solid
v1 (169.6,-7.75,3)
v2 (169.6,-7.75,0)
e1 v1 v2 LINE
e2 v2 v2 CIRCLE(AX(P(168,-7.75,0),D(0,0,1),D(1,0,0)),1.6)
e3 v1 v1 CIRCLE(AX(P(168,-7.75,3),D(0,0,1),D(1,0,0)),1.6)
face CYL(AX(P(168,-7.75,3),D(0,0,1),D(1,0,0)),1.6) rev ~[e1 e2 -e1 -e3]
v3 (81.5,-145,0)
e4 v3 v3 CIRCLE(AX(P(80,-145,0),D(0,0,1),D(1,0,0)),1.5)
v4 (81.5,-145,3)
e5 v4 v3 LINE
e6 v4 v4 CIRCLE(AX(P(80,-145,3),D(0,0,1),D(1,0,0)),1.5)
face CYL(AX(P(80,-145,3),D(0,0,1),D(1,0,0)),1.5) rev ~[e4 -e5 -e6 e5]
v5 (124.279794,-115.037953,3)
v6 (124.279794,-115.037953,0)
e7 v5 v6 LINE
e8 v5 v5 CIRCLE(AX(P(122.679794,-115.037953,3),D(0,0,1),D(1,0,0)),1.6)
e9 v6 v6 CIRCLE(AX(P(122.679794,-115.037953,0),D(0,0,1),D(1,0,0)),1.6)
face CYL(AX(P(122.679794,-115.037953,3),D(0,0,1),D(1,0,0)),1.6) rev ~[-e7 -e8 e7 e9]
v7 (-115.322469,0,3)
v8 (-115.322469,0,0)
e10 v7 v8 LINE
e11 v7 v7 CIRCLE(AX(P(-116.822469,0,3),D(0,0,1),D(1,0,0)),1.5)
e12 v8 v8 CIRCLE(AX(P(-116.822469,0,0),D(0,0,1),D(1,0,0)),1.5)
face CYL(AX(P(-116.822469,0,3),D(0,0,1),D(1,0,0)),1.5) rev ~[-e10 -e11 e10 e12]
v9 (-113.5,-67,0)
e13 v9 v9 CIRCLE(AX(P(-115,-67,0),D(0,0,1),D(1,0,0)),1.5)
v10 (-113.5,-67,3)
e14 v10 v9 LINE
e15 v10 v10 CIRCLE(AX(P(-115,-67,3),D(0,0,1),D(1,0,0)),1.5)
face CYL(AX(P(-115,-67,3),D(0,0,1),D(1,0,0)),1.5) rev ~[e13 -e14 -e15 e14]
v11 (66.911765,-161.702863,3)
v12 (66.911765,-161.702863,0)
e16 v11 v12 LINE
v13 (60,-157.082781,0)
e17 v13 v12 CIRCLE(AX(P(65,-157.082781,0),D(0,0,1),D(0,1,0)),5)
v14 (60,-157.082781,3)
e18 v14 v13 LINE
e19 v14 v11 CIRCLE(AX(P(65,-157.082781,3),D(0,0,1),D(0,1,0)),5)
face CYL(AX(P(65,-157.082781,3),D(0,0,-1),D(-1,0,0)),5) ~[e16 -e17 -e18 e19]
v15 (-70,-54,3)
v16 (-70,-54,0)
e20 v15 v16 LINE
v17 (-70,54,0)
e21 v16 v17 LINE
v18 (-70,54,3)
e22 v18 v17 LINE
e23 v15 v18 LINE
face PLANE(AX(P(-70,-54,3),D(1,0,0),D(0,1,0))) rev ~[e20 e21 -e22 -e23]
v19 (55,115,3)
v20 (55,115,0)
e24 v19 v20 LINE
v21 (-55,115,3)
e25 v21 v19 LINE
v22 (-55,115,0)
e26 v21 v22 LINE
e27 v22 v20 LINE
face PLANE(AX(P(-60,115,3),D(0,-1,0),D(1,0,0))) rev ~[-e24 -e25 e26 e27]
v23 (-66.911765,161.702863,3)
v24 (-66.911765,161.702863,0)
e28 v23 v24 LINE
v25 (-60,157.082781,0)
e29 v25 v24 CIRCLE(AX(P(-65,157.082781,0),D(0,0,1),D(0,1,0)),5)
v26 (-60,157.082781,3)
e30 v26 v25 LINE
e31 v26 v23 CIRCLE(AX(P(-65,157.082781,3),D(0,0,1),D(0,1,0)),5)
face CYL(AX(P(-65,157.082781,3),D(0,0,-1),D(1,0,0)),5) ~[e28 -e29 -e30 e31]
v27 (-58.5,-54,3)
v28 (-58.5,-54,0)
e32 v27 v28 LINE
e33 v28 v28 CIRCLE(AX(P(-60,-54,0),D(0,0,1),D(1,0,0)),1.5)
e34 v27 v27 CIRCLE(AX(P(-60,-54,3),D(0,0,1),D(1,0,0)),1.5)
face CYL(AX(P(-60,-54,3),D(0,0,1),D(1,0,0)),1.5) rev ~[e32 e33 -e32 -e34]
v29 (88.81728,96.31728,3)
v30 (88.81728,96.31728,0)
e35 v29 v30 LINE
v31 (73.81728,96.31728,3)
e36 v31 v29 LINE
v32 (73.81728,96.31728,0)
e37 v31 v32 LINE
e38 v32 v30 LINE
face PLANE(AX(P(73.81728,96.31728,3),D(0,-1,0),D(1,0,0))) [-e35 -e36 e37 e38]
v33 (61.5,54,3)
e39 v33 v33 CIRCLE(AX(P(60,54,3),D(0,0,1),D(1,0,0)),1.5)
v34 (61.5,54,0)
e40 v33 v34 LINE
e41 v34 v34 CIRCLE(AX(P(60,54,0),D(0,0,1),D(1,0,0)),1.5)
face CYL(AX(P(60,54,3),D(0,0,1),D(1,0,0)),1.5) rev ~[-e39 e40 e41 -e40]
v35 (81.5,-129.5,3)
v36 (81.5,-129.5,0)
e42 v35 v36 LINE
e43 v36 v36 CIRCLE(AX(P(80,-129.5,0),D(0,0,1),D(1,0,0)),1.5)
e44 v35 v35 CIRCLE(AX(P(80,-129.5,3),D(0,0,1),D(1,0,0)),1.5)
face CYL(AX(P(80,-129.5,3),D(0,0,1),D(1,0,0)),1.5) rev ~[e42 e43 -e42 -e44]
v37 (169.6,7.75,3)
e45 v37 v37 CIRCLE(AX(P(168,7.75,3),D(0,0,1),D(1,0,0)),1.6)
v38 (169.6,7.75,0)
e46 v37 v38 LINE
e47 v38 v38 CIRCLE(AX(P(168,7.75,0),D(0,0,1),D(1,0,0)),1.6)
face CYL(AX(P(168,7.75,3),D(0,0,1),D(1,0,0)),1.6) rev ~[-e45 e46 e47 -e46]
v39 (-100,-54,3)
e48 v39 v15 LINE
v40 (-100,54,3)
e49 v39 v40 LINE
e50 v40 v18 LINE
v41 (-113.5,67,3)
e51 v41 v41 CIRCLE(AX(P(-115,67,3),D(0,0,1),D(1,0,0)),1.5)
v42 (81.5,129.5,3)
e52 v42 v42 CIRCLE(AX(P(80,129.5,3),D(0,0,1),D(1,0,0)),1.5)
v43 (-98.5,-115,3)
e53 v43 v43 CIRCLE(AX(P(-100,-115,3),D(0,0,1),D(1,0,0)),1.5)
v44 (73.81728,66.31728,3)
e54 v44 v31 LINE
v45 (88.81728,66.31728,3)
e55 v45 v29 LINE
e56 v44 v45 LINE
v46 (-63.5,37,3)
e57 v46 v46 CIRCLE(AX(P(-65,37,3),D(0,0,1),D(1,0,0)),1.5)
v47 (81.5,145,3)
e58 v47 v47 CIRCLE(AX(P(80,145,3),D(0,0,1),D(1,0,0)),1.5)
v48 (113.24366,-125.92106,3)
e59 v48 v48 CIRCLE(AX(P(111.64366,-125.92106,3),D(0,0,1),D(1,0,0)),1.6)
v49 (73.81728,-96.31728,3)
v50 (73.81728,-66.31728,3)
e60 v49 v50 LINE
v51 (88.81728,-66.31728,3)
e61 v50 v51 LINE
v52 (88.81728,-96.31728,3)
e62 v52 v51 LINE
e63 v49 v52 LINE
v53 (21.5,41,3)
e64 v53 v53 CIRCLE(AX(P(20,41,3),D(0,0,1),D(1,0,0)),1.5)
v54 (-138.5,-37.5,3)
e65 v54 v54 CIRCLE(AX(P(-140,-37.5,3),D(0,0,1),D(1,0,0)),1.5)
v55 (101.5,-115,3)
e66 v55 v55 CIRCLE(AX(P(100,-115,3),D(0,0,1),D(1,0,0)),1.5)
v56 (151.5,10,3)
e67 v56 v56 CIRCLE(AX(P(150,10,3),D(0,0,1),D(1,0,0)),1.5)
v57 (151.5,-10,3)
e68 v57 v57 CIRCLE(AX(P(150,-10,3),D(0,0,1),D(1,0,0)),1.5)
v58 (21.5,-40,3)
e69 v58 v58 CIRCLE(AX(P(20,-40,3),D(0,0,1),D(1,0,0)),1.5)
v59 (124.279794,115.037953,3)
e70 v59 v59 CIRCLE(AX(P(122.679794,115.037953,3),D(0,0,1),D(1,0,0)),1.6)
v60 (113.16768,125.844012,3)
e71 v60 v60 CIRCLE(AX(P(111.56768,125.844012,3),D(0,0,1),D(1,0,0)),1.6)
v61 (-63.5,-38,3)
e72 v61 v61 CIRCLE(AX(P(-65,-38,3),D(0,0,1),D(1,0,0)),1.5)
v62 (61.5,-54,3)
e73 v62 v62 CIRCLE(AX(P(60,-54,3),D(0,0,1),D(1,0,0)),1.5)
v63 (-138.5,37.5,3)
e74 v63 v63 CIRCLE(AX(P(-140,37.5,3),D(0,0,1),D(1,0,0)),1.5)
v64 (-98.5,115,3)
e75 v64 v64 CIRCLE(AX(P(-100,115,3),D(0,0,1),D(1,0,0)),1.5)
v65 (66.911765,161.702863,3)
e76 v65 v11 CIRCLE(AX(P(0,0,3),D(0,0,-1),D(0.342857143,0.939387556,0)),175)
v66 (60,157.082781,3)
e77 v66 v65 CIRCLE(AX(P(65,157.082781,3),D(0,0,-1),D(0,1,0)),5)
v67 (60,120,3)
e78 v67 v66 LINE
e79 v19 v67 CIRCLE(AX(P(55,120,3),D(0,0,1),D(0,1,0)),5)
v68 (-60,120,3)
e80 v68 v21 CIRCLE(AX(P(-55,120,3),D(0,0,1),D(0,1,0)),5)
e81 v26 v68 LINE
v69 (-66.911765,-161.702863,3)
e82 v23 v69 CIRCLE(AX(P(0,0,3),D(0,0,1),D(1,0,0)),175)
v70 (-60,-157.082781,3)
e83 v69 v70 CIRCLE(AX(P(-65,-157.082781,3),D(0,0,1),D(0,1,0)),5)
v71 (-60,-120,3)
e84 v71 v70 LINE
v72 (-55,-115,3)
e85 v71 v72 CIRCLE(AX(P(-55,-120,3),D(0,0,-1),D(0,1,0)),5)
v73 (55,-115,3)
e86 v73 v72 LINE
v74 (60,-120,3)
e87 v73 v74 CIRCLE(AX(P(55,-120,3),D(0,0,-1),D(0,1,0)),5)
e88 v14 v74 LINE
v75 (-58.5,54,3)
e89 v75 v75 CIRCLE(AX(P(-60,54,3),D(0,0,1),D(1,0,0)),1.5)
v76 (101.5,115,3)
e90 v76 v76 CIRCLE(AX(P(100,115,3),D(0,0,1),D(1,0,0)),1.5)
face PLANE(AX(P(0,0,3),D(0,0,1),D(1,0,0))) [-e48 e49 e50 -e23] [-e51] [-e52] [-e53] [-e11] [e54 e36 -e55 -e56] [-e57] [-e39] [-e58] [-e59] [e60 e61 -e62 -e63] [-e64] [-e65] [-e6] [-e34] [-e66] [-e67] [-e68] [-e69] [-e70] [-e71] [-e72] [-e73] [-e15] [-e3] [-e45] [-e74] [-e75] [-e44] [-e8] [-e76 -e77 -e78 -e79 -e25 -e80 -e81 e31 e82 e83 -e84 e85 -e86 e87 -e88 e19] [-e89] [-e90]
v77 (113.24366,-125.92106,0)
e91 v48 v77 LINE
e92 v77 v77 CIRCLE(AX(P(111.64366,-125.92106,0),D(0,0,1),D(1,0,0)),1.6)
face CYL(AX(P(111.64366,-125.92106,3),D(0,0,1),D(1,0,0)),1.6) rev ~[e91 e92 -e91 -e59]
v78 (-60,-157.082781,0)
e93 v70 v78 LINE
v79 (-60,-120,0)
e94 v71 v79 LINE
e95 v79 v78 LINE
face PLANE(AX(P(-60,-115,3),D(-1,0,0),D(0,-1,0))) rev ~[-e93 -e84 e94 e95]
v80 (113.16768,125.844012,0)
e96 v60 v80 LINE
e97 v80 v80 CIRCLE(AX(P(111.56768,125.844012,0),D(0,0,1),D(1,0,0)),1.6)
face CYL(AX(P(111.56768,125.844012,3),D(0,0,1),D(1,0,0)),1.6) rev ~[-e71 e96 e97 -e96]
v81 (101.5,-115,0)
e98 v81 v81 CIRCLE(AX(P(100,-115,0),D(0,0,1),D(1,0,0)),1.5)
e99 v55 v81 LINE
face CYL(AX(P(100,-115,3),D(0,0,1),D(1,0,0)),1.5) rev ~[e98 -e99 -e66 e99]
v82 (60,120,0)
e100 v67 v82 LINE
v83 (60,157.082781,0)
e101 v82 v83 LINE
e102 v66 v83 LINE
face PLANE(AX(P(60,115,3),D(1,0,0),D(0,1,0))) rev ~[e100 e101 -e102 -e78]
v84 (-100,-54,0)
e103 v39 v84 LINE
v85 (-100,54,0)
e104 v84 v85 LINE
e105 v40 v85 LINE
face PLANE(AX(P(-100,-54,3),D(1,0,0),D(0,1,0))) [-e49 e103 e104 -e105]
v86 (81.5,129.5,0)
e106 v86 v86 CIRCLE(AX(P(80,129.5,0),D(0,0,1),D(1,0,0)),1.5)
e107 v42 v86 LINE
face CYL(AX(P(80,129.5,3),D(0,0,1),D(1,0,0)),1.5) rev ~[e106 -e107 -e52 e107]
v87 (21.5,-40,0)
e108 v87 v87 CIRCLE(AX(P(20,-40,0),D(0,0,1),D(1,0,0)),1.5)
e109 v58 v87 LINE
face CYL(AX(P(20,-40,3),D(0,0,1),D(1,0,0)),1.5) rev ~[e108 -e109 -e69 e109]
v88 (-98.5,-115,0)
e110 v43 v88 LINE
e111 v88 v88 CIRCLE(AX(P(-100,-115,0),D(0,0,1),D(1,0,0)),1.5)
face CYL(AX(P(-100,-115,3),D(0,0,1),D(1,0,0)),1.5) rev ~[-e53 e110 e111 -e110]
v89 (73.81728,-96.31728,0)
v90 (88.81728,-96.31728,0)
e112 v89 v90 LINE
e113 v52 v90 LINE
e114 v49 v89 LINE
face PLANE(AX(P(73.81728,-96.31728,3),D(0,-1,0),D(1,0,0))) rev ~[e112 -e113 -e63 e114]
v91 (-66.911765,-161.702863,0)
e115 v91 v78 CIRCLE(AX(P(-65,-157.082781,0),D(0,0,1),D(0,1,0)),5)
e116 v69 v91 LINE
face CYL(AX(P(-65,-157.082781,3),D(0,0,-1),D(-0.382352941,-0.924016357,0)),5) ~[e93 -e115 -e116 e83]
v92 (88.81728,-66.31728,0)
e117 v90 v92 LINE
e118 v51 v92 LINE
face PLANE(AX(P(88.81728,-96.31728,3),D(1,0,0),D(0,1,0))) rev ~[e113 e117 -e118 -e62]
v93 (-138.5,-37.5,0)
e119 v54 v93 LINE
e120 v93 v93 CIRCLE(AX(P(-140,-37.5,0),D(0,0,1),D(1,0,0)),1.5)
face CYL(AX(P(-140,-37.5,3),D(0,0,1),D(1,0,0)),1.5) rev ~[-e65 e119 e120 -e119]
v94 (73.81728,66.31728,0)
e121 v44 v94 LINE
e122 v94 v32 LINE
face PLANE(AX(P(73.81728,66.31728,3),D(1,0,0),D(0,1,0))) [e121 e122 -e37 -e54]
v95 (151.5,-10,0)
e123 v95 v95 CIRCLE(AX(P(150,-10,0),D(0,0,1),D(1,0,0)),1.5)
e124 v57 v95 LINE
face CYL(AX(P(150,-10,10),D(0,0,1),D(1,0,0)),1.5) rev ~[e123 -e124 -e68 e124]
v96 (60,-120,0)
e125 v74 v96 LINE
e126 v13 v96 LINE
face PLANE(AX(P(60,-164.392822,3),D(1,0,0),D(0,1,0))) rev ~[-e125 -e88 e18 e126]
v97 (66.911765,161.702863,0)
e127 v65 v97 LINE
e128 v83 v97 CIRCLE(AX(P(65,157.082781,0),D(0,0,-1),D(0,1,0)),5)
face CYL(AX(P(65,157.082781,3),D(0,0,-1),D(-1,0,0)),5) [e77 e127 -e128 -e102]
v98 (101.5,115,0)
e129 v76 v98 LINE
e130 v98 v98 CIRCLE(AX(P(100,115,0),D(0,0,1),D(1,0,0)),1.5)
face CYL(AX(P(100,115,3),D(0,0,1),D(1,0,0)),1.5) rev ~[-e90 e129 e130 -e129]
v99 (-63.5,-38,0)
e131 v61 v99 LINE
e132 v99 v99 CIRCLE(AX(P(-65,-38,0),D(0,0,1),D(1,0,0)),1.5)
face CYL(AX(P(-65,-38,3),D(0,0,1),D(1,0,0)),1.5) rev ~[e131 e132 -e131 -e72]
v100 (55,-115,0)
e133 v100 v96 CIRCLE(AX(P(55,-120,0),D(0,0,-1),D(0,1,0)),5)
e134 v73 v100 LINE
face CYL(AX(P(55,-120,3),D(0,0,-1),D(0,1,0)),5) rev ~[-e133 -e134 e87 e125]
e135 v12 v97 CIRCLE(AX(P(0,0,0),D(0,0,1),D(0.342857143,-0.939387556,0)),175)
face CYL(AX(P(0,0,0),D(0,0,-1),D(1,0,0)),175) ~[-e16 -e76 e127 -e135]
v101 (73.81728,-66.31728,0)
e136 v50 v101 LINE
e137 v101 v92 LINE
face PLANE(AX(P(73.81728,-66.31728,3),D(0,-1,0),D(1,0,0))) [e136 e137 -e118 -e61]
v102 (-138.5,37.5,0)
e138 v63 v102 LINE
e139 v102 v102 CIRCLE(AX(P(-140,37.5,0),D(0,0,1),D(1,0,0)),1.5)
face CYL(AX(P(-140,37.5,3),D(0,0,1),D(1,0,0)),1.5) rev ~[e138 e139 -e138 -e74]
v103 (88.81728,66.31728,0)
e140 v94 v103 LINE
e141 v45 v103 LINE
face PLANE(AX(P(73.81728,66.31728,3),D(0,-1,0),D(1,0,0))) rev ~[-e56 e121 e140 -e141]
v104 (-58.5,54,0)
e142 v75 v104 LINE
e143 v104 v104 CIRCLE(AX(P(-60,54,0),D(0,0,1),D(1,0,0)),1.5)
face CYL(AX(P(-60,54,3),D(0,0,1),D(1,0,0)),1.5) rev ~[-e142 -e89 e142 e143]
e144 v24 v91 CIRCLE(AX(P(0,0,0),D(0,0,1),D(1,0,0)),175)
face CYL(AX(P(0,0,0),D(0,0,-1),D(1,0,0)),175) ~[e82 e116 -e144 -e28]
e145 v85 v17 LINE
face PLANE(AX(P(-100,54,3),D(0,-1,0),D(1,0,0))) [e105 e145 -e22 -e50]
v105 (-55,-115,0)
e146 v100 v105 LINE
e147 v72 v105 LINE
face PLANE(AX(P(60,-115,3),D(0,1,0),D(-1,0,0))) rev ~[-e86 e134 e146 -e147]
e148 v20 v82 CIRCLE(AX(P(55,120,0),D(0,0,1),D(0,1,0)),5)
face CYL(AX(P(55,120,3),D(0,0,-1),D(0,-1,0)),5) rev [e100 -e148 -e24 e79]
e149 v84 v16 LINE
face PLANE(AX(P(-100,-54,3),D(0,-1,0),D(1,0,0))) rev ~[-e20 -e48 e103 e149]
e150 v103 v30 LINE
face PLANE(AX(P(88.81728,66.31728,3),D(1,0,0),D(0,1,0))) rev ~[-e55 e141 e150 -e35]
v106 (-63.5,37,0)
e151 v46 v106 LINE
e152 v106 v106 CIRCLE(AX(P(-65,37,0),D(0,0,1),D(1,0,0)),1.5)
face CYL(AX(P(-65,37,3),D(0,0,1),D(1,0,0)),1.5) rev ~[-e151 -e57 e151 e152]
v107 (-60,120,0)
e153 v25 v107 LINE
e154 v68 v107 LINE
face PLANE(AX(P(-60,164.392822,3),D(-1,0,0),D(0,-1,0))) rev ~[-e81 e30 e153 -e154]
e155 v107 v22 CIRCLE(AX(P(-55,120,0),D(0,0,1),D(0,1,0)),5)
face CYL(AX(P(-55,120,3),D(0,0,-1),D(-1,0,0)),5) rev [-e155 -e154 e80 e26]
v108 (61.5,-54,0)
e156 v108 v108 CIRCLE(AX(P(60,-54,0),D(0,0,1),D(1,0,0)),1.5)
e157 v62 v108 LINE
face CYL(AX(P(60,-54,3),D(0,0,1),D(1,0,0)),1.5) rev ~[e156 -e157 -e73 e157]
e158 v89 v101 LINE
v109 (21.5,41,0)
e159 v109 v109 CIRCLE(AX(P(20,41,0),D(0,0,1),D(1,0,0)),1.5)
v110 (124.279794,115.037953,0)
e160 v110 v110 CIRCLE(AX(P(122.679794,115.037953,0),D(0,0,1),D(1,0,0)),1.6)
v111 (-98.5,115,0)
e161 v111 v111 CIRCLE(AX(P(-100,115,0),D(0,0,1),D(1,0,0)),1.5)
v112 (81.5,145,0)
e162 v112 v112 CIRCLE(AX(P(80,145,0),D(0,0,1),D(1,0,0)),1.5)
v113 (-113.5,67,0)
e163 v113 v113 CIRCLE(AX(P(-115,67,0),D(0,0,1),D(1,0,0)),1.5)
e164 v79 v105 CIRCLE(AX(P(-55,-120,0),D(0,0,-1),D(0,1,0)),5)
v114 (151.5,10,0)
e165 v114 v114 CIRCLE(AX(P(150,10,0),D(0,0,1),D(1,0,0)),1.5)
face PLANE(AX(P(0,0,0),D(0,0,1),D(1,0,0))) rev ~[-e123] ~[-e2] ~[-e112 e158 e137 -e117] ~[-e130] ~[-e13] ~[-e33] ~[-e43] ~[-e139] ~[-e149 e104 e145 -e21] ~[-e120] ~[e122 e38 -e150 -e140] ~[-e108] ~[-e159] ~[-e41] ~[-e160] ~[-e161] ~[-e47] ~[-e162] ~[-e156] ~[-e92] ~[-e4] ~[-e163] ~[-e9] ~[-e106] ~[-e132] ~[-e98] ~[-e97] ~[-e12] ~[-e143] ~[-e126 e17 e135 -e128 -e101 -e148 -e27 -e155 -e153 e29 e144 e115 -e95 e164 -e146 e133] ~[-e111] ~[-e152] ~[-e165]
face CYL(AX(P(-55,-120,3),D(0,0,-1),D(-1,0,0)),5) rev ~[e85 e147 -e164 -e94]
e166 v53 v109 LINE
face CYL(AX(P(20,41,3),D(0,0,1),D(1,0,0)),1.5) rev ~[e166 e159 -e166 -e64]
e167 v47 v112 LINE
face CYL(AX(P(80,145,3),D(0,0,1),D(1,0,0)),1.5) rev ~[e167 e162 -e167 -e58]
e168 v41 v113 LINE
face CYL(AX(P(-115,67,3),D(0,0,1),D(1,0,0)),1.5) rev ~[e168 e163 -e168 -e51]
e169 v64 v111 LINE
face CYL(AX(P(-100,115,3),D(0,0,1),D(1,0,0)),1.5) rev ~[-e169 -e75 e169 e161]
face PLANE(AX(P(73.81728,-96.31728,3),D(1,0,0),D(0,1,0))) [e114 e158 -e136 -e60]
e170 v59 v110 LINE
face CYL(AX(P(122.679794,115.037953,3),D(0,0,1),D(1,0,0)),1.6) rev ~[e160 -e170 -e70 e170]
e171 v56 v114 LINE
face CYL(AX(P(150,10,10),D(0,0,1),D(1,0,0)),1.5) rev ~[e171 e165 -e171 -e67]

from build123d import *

# Parameters (mm, degrees)
SKETCH_1_R           = 175
EXTRUDE_1_DEPTH      = 3
CUT_EXTRUDE_1_DEPTH  = 3
FILLET_1_R           = 5
FILLET_2_R           = 5
FILLET_3_R           = 5
SKETCH_5_R           = 1.5
CUT_EXTRUDE_4_DEPTH  = 3
SKETCH_6_R           = 1.5
CUT_EXTRUDE_5_DEPTH  = 3
SKETCH_7_W           = 30
SKETCH_7_H           = 108
CUT_EXTRUDE_6_DEPTH  = 3
SKETCH_8_R           = 1.5
CUT_EXTRUDE_7_DEPTH  = 3
SKETCH_9_R           = 1.5
CUT_EXTRUDE_8_DEPTH  = 10
SKETCH_10_R          = 1.6
CUT_EXTRUDE_9_DEPTH  = 10
SKETCH_11_W          = 15
SKETCH_11_H          = 30
CUT_EXTRUDE_10_DEPTH = 10
SKETCH_22_R          = 1.5
CUT_EXTRUDE_11_DEPTH = 10
SKETCH_23_R          = 1.5
CUT_EXTRUDE_12_DEPTH = 10


with BuildPart() as part:
    # ｽｹｯﾁ1 → ﾎﾞｽ - 押し出し1 (new body)
    with BuildSketch(Plane.XY):
        Circle(SKETCH_1_R)
    extrude(amount=EXTRUDE_1_DEPTH)

    # ｽｹｯﾁ2 → ｶｯﾄ - 押し出し1 (cut)
    with BuildSketch(Plane.XY.offset(3)):
        with BuildLine():
            Line((-60, 115), (0, 115))
            Line((0, 115), (0, 175))
            ThreePointArc((0, 175), (-30.465194158, 172.327803749), (-60, 164.392822228))
            Line((-60, 164.392822228), (-60, 115))
        make_face()
        with BuildLine():
            Line((0, 175), (0, 115))
            Line((0, 115), (60, 115))
            Line((60, 115), (60, 164.392822228))
            ThreePointArc((60, 164.392822228), (30.465194158, 172.327803749), (0, 175))
        make_face()
        with BuildLine():
            Line((0, -175), (0, -115))
            Line((0, -115), (-60, -115))
            Line((-60, -115), (-60, -164.392822228))
            ThreePointArc((-60, -164.392822228), (-30.465194158, -172.327803749), (0, -175))
        make_face()
        with BuildLine():
            Line((60, -115), (0, -115))
            Line((0, -115), (0, -175))
            ThreePointArc((0, -175), (30.465194158, -172.327803749), (60, -164.392822228))
            Line((60, -164.392822228), (60, -115))
        make_face()
    extrude(amount=-CUT_EXTRUDE_1_DEPTH, mode=Mode.SUBTRACT)

    # ﾌｨﾚｯﾄ1
    fillet_1_edges = [part.edges().sort_by_distance(p)[0] for p in [
        (-60, 164.392822228, 1.5),
    ]]
    fillet(fillet_1_edges, radius=FILLET_1_R)

    # ﾌｨﾚｯﾄ2
    fillet_2_edges = [part.edges().sort_by_distance(p)[0] for p in [
        (-60, 115, 1.5),
        (60, 164.392822228, 1.5),
        (60, 115, 1.5),
    ]]
    fillet(fillet_2_edges, radius=FILLET_2_R)

    # ﾌｨﾚｯﾄ3
    fillet_3_edges = [part.edges().sort_by_distance(p)[0] for p in [
        (-60, -115, 1.5),
        (60, -115, 1.5),
        (60, -164.392822228, 1.5),
        (-60, -164.392822228, 1.5),
    ]]
    fillet(fillet_3_edges, radius=FILLET_3_R)

    # ｽｹｯﾁ5 → ｶｯﾄ - 押し出し4 (cut)
    with BuildSketch(Plane.XY.offset(3)):
        with Locations((-100, -115)):
            Circle(SKETCH_5_R)
        with Locations((100, -115)):
            Circle(SKETCH_5_R)
        with Locations((100, 115)):
            Circle(SKETCH_5_R)
        with Locations((-100, 115)):
            Circle(SKETCH_5_R)
    extrude(amount=-CUT_EXTRUDE_4_DEPTH, mode=Mode.SUBTRACT)

    # ｽｹｯﾁ6 → ｶｯﾄ - 押し出し5 (cut)
    with BuildSketch(Plane.XY.offset(3)):
        with Locations((-60, 54)):
            Circle(SKETCH_6_R)
        with Locations((60, 54)):
            Circle(SKETCH_6_R)
        with Locations((-60, -54)):
            Circle(SKETCH_6_R)
        with Locations((60, -54)):
            Circle(SKETCH_6_R)
    extrude(amount=-CUT_EXTRUDE_5_DEPTH, mode=Mode.SUBTRACT)

    # ｽｹｯﾁ7 → ｶｯﾄ - 押し出し6 (cut)
    with BuildSketch(Plane.XY.offset(3)):
        with Locations((-85, 0)):
            Rectangle(SKETCH_7_W, SKETCH_7_H)
    extrude(amount=-CUT_EXTRUDE_6_DEPTH, mode=Mode.SUBTRACT)

    # ｽｹｯﾁ8 → ｶｯﾄ - 押し出し7 (cut)
    with BuildSketch(Plane.XY.offset(3)):
        with Locations((-115, -67)):
            Circle(SKETCH_8_R)
        with Locations((-116.822468618, 0)):
            Circle(SKETCH_8_R)
        with Locations((-115, 67)):
            Circle(SKETCH_8_R)
    extrude(amount=-CUT_EXTRUDE_7_DEPTH, mode=Mode.SUBTRACT)

    # ｽｹｯﾁ9 → ｶｯﾄ - 押し出し8 (cut)
    with BuildSketch(Plane.XY.offset(3)):
        with Locations((-65, 37)):
            Circle(SKETCH_9_R)
        with Locations((20, 41)):
            Circle(SKETCH_9_R)
        with Locations((-65, -38)):
            Circle(SKETCH_9_R)
        with Locations((20, -40)):
            Circle(SKETCH_9_R)
    extrude(amount=-CUT_EXTRUDE_8_DEPTH, mode=Mode.SUBTRACT)

    # ｽｹｯﾁ10 → ｶｯﾄ - 押し出し9 (cut)
    with BuildSketch(Plane.XY.offset(3)):
        with Locations((111.643659725, -125.921059639)):
            Circle(SKETCH_10_R)
        with Locations((122.679794489, -115.037952538)):
            Circle(SKETCH_10_R)
        with Locations((168, 7.75)):
            Circle(SKETCH_10_R)
        with Locations((168, -7.75)):
            Circle(SKETCH_10_R)
        with Locations((111.56768007, 125.844011632)):
            Circle(SKETCH_10_R)
        with Locations((122.679794489, 115.037952538)):
            Circle(SKETCH_10_R)
    extrude(amount=-CUT_EXTRUDE_9_DEPTH, mode=Mode.SUBTRACT)

    # ｽｹｯﾁ11 → ｶｯﾄ - 押し出し10 (cut)
    with BuildSketch(Plane.XY.offset(3)):
        with Locations((81.317279836, 81.317279836)):
            Rectangle(SKETCH_11_W, SKETCH_11_H)
        with Locations((81.317279836, -81.317279836)):
            Rectangle(SKETCH_11_W, SKETCH_11_H)
    extrude(amount=-CUT_EXTRUDE_10_DEPTH, mode=Mode.SUBTRACT)

    # ｽｹｯﾁ22 → ｶｯﾄ - 押し出し11 (cut)
    with BuildSketch(Plane.XY.offset(10)):
        with Locations((150, -10)):
            Circle(SKETCH_22_R)
        with Locations((150, 10)):
            Circle(SKETCH_22_R)
    extrude(amount=-CUT_EXTRUDE_11_DEPTH, mode=Mode.SUBTRACT)

    # ｽｹｯﾁ23 → ｶｯﾄ - 押し出し12 (cut)
    with BuildSketch(Plane.XY.offset(3)):
        with Locations((80, 145)):
            Circle(SKETCH_23_R)
        with Locations((80, 129.5)):
            Circle(SKETCH_23_R)
        with Locations((80, -129.5)):
            Circle(SKETCH_23_R)
        with Locations((80, -145)):
            Circle(SKETCH_23_R)
        with Locations((-140, 37.5)):
            Circle(SKETCH_23_R)
        with Locations((-140, -37.5)):
            Circle(SKETCH_23_R)
    extrude(amount=-CUT_EXTRUDE_12_DEPTH, mode=Mode.SUBTRACT)


solid = part.part
